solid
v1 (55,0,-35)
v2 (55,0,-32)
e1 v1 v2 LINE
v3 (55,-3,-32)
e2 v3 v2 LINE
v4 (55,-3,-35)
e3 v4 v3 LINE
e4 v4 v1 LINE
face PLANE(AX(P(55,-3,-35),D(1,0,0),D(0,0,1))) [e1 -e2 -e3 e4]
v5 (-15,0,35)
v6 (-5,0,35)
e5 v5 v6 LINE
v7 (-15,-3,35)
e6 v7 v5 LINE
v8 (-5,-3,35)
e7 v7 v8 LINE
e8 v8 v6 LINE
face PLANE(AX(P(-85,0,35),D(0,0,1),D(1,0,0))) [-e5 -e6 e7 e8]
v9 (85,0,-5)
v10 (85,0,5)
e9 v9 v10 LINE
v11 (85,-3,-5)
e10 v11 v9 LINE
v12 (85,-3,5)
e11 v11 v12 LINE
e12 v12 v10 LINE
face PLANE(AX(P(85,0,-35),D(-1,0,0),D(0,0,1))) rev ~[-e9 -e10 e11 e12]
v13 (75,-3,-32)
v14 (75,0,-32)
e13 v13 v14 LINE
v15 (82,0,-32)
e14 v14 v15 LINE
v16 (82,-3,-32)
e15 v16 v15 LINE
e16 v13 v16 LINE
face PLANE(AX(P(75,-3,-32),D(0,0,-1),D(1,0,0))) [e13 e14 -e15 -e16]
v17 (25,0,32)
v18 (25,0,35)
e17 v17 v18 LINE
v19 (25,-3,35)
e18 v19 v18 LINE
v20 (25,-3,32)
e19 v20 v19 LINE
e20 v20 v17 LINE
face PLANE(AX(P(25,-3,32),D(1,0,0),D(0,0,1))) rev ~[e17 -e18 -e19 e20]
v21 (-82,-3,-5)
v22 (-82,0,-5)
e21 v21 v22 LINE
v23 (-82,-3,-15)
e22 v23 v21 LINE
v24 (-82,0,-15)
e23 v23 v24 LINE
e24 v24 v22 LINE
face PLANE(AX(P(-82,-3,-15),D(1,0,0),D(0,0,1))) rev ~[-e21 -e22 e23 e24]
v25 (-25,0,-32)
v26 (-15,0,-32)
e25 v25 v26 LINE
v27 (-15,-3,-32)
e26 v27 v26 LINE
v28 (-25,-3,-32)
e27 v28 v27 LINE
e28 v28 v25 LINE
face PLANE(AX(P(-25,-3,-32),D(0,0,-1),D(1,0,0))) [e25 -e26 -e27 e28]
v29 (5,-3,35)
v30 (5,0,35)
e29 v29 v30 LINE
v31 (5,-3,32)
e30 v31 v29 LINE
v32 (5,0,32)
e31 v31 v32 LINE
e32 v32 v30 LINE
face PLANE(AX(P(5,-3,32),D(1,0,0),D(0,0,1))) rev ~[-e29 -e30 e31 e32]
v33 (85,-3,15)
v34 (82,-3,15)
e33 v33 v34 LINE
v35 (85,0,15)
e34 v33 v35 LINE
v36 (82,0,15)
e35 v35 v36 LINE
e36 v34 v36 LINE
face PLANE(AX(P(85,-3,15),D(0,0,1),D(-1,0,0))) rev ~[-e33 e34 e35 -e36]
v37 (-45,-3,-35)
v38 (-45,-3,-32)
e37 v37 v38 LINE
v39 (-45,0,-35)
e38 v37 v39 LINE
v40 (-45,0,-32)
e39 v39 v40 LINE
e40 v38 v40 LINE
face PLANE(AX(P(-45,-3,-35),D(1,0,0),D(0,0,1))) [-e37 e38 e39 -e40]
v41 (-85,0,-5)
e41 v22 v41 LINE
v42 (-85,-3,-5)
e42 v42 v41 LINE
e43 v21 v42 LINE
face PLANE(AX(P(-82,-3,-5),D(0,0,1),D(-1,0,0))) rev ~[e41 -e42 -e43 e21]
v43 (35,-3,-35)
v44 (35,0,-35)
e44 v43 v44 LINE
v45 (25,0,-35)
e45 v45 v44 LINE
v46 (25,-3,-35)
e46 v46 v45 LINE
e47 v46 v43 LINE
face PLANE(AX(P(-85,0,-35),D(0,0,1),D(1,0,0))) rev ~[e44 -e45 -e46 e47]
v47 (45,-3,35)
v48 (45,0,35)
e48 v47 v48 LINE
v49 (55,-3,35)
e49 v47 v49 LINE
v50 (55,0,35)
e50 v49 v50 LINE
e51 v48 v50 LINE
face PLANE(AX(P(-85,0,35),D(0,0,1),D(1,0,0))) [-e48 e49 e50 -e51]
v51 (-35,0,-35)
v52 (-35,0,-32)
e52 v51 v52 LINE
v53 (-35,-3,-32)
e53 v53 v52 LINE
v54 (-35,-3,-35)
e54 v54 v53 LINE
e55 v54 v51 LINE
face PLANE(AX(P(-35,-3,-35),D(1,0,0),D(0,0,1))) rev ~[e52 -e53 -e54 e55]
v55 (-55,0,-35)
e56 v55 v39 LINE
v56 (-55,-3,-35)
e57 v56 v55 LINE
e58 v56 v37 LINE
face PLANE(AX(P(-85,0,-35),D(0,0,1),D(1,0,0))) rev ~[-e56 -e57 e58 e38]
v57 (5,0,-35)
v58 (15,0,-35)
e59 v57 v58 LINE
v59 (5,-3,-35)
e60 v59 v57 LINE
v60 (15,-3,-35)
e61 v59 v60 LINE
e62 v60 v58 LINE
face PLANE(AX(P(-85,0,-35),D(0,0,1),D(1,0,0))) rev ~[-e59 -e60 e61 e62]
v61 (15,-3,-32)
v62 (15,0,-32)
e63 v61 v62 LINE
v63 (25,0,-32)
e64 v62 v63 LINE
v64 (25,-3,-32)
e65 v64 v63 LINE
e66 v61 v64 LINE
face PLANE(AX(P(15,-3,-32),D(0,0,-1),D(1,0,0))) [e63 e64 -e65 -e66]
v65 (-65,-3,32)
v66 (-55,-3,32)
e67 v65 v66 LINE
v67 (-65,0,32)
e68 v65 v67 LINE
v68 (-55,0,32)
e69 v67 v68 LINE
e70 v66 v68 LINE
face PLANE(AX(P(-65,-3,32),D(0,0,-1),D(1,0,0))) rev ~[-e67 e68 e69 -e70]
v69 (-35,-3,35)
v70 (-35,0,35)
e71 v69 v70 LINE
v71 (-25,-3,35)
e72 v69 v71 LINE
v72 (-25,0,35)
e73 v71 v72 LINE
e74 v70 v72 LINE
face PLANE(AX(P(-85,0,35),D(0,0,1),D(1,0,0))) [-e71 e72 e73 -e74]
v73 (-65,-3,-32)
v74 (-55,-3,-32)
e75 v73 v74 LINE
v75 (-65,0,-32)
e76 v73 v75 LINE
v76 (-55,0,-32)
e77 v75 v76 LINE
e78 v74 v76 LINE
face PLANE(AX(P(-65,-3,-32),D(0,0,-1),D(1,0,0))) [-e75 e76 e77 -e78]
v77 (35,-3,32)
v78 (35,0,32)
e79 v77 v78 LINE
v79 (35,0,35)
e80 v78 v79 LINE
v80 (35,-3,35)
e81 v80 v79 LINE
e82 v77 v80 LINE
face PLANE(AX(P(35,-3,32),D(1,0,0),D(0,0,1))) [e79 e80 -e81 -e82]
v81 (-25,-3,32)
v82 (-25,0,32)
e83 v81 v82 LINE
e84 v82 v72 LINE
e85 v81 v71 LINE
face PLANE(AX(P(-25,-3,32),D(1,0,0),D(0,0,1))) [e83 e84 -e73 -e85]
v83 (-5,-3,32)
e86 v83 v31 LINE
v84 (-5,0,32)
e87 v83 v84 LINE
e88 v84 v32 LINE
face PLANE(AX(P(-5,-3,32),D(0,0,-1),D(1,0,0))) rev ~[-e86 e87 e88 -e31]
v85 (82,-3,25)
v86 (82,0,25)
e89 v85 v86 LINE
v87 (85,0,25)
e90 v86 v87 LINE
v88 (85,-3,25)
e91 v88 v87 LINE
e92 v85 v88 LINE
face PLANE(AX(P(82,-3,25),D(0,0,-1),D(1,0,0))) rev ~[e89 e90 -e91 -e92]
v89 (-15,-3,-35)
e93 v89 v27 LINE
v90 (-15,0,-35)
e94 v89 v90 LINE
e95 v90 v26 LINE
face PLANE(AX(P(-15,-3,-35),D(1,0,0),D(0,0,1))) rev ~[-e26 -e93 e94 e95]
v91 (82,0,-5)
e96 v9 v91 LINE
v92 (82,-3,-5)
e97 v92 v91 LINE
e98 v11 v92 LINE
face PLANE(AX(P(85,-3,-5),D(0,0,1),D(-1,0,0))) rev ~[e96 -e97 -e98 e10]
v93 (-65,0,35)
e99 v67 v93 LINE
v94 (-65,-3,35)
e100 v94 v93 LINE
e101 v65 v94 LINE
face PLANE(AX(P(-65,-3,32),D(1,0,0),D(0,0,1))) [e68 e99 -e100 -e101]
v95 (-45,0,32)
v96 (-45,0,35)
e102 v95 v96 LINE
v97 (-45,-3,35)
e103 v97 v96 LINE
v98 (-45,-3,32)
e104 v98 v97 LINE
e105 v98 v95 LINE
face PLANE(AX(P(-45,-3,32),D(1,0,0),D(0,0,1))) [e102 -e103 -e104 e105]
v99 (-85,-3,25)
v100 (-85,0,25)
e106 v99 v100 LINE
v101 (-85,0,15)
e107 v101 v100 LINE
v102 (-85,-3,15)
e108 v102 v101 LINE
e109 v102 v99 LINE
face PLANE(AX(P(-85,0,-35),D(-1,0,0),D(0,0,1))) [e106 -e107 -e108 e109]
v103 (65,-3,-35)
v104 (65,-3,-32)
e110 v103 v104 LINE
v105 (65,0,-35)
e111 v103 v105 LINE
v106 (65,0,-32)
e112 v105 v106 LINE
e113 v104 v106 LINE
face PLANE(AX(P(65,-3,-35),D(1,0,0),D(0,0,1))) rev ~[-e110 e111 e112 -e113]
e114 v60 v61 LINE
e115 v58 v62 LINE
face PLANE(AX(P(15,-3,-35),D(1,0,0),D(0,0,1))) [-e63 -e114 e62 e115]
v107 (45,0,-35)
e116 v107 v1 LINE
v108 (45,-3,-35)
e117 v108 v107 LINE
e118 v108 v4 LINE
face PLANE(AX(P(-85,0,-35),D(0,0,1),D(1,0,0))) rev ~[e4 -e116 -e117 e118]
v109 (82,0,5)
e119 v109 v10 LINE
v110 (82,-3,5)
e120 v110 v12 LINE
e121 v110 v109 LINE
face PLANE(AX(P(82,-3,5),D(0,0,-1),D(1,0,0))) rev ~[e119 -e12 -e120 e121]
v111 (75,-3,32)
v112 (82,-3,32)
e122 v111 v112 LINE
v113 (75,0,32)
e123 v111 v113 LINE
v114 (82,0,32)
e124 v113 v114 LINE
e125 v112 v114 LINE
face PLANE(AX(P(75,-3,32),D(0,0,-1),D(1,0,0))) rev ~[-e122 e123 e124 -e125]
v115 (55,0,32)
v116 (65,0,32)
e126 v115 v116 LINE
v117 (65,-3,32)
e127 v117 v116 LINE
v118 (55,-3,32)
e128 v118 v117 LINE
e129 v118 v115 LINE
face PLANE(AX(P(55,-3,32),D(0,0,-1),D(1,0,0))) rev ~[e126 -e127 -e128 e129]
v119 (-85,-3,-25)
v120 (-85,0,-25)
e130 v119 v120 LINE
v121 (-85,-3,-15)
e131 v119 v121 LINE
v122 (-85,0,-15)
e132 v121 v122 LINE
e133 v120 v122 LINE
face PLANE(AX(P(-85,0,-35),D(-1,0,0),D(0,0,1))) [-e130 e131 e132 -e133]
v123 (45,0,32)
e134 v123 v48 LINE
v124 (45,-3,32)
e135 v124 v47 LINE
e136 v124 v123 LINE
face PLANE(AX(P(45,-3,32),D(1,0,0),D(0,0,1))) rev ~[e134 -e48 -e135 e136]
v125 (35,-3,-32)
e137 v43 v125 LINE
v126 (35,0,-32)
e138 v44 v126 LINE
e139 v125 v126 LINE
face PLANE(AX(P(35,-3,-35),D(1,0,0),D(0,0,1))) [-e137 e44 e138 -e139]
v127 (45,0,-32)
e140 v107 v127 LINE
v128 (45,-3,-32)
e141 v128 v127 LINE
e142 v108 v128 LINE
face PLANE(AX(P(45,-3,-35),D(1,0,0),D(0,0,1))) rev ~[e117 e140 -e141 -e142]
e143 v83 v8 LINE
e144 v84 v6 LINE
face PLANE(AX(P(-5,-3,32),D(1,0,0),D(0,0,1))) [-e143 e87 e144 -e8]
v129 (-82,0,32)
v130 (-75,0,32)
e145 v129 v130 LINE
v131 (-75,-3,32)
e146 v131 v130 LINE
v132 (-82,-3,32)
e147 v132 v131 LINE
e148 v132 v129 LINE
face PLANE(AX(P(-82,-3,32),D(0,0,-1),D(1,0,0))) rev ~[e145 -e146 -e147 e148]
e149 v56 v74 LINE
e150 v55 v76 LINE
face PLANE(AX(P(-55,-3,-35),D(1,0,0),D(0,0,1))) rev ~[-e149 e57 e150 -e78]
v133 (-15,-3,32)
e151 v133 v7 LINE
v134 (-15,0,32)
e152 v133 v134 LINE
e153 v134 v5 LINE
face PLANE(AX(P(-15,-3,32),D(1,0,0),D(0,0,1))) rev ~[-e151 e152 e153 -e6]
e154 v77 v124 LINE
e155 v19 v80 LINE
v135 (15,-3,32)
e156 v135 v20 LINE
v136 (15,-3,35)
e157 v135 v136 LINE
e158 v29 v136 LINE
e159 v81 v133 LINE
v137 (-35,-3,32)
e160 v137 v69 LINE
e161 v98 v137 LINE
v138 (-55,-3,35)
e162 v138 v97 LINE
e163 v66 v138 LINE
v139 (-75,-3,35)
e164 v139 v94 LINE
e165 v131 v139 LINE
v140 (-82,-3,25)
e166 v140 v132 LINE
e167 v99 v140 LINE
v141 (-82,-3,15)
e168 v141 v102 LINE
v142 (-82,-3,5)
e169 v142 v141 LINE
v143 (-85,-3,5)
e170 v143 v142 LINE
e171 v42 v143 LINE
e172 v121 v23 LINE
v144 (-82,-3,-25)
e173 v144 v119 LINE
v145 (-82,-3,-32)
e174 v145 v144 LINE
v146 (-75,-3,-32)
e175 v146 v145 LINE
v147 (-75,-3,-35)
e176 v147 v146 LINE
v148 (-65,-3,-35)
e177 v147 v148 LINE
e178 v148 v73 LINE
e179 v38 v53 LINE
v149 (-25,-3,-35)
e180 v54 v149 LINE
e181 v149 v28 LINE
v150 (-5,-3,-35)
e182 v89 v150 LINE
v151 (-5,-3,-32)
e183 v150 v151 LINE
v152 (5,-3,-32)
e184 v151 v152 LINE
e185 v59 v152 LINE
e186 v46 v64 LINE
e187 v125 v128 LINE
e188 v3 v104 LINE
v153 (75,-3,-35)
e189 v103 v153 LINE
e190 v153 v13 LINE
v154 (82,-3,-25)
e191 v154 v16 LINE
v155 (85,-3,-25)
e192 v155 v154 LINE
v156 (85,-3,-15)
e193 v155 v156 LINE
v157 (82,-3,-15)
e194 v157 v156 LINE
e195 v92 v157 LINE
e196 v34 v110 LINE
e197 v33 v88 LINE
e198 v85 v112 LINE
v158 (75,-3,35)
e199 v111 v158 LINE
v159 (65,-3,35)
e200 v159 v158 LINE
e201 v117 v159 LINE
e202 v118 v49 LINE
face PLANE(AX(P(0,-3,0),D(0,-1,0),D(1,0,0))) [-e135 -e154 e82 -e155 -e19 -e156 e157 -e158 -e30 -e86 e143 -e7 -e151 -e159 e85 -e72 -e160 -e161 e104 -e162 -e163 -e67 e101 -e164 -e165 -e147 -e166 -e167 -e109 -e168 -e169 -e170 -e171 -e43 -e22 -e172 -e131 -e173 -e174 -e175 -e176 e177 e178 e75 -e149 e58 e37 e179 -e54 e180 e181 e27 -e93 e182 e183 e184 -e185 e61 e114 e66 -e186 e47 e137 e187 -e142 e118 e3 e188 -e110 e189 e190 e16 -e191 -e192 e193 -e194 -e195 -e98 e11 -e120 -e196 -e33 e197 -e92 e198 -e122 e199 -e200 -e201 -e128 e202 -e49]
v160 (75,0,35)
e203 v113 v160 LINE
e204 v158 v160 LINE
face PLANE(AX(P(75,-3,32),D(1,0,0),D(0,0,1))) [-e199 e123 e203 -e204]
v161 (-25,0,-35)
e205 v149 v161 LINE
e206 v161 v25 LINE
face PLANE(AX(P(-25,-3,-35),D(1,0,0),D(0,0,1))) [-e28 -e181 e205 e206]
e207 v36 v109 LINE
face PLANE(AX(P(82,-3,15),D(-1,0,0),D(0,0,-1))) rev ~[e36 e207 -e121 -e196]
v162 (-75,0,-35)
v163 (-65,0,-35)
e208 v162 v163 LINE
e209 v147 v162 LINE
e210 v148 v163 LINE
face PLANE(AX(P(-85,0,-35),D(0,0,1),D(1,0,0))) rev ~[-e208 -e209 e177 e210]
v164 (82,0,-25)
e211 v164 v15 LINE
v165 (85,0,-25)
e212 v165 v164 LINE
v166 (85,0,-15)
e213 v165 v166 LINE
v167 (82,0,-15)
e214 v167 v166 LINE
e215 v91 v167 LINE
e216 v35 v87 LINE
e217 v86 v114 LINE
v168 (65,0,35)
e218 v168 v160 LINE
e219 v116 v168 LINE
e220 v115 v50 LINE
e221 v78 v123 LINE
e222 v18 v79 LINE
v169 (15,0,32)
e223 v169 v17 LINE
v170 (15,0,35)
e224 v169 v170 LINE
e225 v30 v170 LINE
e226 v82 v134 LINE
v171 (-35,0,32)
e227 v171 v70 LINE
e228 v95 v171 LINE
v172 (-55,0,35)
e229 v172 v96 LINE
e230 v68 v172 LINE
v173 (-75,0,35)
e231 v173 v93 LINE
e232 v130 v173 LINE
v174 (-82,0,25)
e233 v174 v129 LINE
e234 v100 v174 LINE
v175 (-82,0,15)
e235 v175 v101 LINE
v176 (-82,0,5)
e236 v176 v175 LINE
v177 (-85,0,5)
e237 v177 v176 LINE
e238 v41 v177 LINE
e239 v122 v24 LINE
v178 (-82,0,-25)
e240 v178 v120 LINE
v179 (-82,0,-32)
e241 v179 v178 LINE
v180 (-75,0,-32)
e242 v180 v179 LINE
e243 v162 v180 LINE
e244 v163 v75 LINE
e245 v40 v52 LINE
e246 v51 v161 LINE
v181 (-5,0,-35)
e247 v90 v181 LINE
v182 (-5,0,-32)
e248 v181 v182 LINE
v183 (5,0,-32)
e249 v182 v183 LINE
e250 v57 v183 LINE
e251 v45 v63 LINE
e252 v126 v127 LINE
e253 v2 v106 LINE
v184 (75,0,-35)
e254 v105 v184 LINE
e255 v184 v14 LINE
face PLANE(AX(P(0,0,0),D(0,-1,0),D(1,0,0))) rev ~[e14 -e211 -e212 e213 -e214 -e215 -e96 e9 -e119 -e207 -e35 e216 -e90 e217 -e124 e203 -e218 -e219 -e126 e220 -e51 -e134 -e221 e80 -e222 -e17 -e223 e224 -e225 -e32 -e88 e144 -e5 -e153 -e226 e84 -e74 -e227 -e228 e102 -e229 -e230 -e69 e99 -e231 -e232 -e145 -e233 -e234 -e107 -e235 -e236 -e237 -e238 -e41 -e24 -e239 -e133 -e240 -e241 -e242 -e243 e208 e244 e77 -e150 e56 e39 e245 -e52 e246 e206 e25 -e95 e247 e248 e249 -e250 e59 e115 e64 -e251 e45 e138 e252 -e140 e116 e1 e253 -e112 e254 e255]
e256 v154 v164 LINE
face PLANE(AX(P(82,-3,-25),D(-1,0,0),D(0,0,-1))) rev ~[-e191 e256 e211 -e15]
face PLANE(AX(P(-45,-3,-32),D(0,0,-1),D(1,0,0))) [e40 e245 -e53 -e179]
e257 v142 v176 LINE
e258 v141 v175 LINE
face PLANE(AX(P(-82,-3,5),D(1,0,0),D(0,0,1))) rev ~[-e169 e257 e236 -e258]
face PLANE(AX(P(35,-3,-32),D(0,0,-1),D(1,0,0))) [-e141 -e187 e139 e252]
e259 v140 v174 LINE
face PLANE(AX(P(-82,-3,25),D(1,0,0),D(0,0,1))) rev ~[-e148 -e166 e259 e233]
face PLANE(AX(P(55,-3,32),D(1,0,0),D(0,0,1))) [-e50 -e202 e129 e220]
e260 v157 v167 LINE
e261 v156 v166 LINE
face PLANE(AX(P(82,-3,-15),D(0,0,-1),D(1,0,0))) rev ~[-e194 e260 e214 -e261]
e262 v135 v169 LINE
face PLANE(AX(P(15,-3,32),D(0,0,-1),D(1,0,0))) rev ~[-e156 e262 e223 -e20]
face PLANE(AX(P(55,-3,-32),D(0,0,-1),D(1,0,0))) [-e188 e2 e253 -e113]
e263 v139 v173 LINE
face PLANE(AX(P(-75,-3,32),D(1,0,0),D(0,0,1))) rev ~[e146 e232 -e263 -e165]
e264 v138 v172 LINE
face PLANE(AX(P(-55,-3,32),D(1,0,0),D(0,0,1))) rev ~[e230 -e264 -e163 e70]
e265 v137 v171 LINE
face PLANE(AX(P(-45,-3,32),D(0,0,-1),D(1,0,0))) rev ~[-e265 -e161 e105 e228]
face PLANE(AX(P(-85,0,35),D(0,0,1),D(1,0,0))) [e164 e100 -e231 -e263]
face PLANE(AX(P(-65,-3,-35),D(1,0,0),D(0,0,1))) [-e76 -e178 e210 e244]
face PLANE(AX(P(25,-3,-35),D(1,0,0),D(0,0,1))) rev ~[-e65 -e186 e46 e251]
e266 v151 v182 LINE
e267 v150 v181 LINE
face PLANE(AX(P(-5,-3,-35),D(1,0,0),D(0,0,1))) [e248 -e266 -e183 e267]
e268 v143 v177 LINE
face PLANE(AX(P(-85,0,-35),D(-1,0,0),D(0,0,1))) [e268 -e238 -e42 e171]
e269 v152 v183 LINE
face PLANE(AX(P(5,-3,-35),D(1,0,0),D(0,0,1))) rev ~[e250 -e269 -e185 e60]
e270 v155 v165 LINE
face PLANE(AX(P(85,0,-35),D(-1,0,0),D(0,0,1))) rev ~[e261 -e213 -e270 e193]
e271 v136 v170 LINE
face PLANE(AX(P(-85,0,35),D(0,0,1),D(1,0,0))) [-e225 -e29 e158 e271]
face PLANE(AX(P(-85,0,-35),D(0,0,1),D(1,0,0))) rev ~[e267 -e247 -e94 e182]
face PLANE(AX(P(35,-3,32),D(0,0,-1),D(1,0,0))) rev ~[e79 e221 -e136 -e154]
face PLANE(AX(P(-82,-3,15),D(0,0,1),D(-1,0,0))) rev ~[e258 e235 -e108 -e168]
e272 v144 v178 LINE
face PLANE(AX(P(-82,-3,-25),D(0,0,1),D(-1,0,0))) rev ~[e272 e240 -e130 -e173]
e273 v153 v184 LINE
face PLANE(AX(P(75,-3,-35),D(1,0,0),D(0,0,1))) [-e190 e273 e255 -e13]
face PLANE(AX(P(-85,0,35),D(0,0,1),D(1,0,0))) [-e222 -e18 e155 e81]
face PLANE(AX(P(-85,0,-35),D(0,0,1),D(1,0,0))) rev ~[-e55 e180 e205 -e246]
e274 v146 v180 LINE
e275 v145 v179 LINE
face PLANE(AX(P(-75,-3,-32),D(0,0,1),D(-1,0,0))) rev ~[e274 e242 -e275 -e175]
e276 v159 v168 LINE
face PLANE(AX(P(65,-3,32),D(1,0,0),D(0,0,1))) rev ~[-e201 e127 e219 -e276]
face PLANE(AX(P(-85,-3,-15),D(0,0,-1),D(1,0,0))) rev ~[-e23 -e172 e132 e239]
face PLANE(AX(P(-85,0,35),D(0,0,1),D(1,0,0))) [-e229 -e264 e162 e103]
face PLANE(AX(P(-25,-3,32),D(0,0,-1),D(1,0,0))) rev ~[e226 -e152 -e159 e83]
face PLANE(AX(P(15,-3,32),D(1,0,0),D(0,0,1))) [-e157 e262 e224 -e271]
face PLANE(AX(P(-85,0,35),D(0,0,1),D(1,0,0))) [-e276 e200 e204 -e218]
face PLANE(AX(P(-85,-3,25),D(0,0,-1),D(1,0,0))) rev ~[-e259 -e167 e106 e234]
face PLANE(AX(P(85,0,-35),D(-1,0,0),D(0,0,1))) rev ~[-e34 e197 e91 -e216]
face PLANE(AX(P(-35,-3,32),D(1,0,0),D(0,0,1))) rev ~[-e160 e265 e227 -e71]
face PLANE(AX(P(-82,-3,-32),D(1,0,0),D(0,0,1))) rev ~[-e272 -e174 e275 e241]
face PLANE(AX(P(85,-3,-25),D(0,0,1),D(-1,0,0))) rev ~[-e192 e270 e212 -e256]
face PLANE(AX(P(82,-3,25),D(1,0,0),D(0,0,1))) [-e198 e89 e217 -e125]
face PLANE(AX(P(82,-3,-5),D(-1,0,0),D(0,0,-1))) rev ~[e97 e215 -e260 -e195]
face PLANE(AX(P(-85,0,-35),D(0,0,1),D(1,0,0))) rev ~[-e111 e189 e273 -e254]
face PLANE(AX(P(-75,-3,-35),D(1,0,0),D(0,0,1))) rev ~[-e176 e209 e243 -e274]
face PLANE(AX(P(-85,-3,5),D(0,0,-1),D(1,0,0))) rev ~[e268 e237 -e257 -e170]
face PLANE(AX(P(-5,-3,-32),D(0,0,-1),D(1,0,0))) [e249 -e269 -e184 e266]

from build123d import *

# Parameters (mm, degrees)
F0_W     = 170
F0_H     = 70
F1_DEPTH = 3
F2_W     = 3
F2_H     = 3
F2_W_2   = 7
F2_W_3   = 10
F2_H_2   = 7
F3_DEPTH = 3.001


with BuildPart() as f1:
    # F0 (on Front) → F1 (new body)
    with BuildSketch(Plane.XZ):
        Rectangle(F0_W, F0_H)
    extrude(amount=F1_DEPTH)

    # F2 (on face) → F3 (cut, through all)
    with BuildSketch(Plane.XZ.offset(3)):
        with Locations((-83.5, -33.5)):
            Rectangle(F2_W, F2_H)
        with Locations((-78.5, -33.5)):
            Rectangle(F2_W_2, F2_H)
        Polygon((-85, -28), (-85, -32), (-82, -32), (-82, -25), (-85, -25), align=None)
        with Locations((-60, -33.5)):
            Rectangle(F2_W_3, F2_H)
        with Locations((-40, -33.5)):
            Rectangle(F2_W_3, F2_H)
        with Locations((-20, -33.5)):
            Rectangle(F2_W_3, F2_H)
        with Locations((0, -33.5)):
            Rectangle(F2_W_3, F2_H)
        with Locations((20, -33.5)):
            Rectangle(F2_W_3, F2_H)
        with Locations((40, -33.5)):
            Rectangle(F2_W_3, F2_H)
        with Locations((60, -33.5)):
            Rectangle(F2_W_3, F2_H)
        with Locations((83.5, -33.5)):
            Rectangle(F2_W, F2_H)
        Polygon((82, -32), (85, -32), (85, -28), (85, -25), (82, -25), align=None)
        with Locations((78.5, -33.5)):
            Rectangle(F2_W_2, F2_H)
        with Locations((-60, 33.5)):
            Rectangle(F2_W_3, F2_H)
        with Locations((-20, 33.5)):
            Rectangle(F2_W_3, F2_H)
        with Locations((-40, 33.5)):
            Rectangle(F2_W_3, F2_H)
        with Locations((0, 33.5)):
            Rectangle(F2_W_3, F2_H)
        with Locations((-83.5, 33.5)):
            Rectangle(F2_W, F2_H)
        with Locations((-83.5, 28.5)):
            Rectangle(F2_W, F2_H_2)
        with Locations((-78.5, 33.5)):
            Rectangle(F2_W_2, F2_H)
        with Locations((78.5, 33.5)):
            Rectangle(F2_W_2, F2_H)
        with Locations((83.5, 33.5)):
            Rectangle(F2_W, F2_H)
        with Locations((83.5, 28.5)):
            Rectangle(F2_W, F2_H_2)
        with Locations((20, 33.5)):
            Rectangle(F2_W_3, F2_H)
        with Locations((40, 33.5)):
            Rectangle(F2_W_3, F2_H)
        with Locations((60, 33.5)):
            Rectangle(F2_W_3, F2_H)
        Polygon((-82, 5), (-82, 15), (-85, 15), (-85, 12), (-85, 5), align=None)
        Polygon((-82, -15), (-82, -5), (-85, -5), (-85, -8), (-85, -15), align=None)
        Polygon((85, 12), (85, 15), (82, 15), (82, 5), (85, 5), align=None)
        Polygon((85, -8), (85, -5), (82, -5), (82, -15), (85, -15), align=None)
    extrude(amount=-F3_DEPTH, mode=Mode.SUBTRACT)


solid = f1.part
